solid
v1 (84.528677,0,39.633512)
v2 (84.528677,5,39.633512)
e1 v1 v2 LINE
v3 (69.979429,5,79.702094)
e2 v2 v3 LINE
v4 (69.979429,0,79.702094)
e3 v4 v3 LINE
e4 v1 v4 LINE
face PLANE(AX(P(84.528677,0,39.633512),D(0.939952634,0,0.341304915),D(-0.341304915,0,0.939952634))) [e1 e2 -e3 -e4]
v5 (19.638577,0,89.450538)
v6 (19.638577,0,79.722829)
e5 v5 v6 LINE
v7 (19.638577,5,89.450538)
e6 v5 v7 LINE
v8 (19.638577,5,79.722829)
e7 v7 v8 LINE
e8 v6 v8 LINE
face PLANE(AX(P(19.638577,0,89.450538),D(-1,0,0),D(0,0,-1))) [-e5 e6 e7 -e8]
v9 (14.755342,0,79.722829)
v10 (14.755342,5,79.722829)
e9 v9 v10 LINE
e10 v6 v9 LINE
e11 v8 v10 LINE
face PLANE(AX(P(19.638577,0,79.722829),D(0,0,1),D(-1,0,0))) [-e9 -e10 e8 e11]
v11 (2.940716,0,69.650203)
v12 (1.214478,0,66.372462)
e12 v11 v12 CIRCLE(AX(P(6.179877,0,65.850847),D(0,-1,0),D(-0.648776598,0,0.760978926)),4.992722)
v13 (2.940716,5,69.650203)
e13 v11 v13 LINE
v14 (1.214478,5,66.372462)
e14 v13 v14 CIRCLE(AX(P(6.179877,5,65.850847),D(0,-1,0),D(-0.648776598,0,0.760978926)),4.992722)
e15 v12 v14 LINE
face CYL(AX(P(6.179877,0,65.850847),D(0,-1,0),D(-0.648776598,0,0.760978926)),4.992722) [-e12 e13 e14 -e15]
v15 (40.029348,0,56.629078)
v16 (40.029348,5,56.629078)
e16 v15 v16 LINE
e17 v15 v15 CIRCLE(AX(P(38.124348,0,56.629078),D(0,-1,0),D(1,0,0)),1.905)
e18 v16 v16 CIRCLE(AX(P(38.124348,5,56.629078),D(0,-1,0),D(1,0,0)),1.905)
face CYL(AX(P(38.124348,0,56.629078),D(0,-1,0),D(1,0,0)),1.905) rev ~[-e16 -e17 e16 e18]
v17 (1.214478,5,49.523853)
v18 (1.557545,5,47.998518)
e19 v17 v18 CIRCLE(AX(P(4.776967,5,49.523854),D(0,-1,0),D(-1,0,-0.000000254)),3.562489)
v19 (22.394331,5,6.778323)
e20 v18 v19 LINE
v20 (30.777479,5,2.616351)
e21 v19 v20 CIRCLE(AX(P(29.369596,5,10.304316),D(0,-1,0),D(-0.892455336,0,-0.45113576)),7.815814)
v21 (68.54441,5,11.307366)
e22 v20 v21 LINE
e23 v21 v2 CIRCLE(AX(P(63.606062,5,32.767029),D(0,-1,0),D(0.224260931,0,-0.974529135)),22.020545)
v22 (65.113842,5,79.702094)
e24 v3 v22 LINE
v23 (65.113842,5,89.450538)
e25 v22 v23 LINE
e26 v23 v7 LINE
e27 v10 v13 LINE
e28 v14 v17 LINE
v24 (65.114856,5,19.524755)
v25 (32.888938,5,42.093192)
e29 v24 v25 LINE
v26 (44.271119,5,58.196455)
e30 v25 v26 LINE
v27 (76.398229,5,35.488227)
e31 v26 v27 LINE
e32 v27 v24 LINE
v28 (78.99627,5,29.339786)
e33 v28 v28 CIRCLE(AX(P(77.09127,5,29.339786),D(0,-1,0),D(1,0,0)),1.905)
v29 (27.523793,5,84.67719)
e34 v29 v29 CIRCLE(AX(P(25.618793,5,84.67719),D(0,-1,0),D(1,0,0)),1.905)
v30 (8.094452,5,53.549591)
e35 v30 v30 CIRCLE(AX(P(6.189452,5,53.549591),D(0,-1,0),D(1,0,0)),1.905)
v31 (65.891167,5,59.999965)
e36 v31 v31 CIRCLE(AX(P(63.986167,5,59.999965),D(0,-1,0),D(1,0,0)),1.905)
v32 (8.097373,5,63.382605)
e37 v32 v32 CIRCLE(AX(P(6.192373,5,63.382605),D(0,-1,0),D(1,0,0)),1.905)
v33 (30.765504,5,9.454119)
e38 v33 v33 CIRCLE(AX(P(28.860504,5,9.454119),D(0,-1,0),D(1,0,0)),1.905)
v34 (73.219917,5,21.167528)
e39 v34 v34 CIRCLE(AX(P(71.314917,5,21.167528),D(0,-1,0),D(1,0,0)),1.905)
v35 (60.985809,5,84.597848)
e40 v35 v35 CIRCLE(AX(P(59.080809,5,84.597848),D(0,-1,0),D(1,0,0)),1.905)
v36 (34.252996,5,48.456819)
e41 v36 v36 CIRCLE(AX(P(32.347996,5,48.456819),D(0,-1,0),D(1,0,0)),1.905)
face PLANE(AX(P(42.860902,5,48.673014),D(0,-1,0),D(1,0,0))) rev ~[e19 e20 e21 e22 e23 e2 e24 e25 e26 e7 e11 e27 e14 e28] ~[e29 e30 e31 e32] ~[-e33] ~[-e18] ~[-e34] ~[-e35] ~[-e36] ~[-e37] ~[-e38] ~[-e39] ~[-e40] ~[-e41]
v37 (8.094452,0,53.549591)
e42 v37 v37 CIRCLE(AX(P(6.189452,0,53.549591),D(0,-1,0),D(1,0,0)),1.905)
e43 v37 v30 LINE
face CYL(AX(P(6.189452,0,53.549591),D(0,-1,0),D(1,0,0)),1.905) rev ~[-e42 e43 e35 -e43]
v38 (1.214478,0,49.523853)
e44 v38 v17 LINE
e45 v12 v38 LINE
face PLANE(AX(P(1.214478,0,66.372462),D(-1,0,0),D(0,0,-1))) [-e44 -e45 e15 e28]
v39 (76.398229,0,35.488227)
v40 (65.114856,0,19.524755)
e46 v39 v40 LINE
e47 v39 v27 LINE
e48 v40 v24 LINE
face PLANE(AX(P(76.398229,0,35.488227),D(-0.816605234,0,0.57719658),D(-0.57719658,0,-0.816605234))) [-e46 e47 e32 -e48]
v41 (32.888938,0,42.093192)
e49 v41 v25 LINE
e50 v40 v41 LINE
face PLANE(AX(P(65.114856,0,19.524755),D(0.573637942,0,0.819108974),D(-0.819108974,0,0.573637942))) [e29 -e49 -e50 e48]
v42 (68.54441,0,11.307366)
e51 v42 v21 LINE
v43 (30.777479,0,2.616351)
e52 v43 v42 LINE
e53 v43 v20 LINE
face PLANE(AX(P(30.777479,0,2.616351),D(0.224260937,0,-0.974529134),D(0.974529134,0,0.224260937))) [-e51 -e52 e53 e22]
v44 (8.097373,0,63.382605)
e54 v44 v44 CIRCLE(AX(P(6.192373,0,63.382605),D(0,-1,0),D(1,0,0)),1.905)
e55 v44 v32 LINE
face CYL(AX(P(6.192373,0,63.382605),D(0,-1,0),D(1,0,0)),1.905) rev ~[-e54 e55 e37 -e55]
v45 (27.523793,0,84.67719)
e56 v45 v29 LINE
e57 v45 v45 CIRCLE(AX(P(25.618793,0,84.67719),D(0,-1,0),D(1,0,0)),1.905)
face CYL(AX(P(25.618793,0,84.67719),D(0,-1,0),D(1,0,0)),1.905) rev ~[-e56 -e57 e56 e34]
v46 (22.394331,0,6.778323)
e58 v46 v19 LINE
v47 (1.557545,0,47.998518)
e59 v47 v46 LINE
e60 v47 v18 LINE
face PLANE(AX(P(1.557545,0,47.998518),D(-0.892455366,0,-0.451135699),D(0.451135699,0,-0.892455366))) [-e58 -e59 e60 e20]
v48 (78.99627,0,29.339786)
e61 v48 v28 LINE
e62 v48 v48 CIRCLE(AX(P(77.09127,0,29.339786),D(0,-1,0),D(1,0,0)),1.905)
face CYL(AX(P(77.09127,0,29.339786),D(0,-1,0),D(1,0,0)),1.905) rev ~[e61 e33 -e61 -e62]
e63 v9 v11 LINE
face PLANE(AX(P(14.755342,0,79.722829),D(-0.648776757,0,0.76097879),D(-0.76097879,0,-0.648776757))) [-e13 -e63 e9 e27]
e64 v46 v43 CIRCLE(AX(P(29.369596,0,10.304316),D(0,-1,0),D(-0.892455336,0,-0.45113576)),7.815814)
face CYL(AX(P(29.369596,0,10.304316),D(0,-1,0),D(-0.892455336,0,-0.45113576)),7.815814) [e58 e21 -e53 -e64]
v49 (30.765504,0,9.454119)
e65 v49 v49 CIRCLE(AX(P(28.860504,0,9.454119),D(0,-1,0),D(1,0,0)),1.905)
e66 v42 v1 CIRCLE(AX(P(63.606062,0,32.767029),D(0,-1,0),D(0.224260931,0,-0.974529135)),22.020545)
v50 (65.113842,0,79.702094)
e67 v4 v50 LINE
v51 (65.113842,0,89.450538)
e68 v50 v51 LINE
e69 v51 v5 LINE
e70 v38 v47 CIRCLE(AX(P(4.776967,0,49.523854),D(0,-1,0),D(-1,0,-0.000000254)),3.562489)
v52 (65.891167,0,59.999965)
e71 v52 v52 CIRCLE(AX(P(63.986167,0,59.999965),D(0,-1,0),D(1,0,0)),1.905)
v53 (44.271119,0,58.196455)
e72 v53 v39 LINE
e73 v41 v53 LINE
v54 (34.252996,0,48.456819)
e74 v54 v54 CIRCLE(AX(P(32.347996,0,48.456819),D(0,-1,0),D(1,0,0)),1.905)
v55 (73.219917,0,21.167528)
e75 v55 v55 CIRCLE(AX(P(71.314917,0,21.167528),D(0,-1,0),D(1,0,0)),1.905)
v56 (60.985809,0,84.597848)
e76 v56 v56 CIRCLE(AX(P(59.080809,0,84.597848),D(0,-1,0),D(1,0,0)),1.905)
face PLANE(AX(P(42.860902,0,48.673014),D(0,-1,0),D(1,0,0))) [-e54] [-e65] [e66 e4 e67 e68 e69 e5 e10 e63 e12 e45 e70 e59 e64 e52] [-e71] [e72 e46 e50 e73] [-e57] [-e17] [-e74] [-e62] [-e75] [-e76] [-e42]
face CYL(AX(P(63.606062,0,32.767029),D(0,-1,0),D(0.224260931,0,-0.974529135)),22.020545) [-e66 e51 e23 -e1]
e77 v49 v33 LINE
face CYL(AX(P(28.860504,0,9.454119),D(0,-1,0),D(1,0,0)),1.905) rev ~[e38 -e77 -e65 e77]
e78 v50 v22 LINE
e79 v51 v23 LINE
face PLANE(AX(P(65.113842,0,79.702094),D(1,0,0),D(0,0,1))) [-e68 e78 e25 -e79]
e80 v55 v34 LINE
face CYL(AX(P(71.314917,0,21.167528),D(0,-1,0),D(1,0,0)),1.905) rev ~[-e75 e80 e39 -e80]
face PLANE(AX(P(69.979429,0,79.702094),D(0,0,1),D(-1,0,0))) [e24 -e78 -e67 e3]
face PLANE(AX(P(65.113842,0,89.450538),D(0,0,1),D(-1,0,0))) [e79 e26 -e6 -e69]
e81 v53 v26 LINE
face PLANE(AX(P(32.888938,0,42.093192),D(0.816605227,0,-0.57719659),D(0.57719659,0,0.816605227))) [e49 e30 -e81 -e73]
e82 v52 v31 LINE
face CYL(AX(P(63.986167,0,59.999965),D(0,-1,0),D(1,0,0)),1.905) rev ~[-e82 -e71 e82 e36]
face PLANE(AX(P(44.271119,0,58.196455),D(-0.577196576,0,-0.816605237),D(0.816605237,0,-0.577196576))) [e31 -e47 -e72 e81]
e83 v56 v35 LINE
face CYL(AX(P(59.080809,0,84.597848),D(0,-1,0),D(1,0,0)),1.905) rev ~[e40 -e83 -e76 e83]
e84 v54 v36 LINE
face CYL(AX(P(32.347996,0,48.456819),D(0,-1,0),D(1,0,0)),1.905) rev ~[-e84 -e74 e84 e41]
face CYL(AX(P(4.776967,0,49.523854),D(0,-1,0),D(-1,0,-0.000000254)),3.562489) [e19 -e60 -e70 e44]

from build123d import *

# Parameters (mm, degrees)
F0_R     = 1.905
F1_DEPTH = 5


with BuildPart() as f1:
    # F0 (on Front) → F1 (new body)
    with BuildSketch(Plane.XZ):
        with BuildLine():
            Line((65.113842, 89.450538), (19.638577, 89.450538))
            Line((19.638577, 89.450538), (19.638577, 79.722829))
            Line((19.638577, 79.722829), (14.755342, 79.722829))
            Line((14.755342, 79.722829), (2.940716, 69.650203))
            ThreePointArc((2.940716, 69.650203), (1.762344, 68.177362), (1.214478, 66.372462))
            Line((1.214478, 66.372462), (1.214478, 49.523853))
            ThreePointArc((1.214478, 49.523853), (1.301303, 48.742133), (1.557545, 47.998518))
            Line((1.557545, 47.998518), (22.394331, 6.778323))
            ThreePointArc((22.394331, 6.778323), (25.894047, 3.30378), (30.777479, 2.616351))
            Line((30.777479, 2.616351), (68.54441, 11.307366))
            ThreePointArc((68.54441, 11.307366), (82.783914, 21.945088), (84.528677, 39.633512))
            Line((84.528677, 39.633512), (69.979429, 79.702094))
            Line((69.979429, 79.702094), (65.113842, 79.702094))
            Line((65.113842, 79.702094), (65.113842, 89.450538))
        make_face()
        with Locations((28.860504, 9.454119)):
            Circle(F0_R, mode=Mode.SUBTRACT)
        with Locations((71.314917, 21.167528)):
            Circle(F0_R, mode=Mode.SUBTRACT)
        Polygon((65.114856, 19.524755), (32.888938, 42.093192), (44.271119, 58.196455), (76.398229, 35.488227), align=None, mode=Mode.SUBTRACT)
        with Locations((77.09127, 29.339786)):
            Circle(F0_R, mode=Mode.SUBTRACT)
        with Locations((6.189452, 53.549591)):
            Circle(F0_R, mode=Mode.SUBTRACT)
        with Locations((6.192373, 63.382605)):
            Circle(F0_R, mode=Mode.SUBTRACT)
        with Locations((32.347996, 48.456819)):
            Circle(F0_R, mode=Mode.SUBTRACT)
        with Locations((38.124348, 56.629078)):
            Circle(F0_R, mode=Mode.SUBTRACT)
        with Locations((25.618793, 84.67719)):
            Circle(F0_R, mode=Mode.SUBTRACT)
        with Locations((63.986167, 59.999965)):
            Circle(F0_R, mode=Mode.SUBTRACT)
        with Locations((59.080809, 84.597848)):
            Circle(F0_R, mode=Mode.SUBTRACT)
    extrude(amount=-F1_DEPTH)


solid = f1.part
